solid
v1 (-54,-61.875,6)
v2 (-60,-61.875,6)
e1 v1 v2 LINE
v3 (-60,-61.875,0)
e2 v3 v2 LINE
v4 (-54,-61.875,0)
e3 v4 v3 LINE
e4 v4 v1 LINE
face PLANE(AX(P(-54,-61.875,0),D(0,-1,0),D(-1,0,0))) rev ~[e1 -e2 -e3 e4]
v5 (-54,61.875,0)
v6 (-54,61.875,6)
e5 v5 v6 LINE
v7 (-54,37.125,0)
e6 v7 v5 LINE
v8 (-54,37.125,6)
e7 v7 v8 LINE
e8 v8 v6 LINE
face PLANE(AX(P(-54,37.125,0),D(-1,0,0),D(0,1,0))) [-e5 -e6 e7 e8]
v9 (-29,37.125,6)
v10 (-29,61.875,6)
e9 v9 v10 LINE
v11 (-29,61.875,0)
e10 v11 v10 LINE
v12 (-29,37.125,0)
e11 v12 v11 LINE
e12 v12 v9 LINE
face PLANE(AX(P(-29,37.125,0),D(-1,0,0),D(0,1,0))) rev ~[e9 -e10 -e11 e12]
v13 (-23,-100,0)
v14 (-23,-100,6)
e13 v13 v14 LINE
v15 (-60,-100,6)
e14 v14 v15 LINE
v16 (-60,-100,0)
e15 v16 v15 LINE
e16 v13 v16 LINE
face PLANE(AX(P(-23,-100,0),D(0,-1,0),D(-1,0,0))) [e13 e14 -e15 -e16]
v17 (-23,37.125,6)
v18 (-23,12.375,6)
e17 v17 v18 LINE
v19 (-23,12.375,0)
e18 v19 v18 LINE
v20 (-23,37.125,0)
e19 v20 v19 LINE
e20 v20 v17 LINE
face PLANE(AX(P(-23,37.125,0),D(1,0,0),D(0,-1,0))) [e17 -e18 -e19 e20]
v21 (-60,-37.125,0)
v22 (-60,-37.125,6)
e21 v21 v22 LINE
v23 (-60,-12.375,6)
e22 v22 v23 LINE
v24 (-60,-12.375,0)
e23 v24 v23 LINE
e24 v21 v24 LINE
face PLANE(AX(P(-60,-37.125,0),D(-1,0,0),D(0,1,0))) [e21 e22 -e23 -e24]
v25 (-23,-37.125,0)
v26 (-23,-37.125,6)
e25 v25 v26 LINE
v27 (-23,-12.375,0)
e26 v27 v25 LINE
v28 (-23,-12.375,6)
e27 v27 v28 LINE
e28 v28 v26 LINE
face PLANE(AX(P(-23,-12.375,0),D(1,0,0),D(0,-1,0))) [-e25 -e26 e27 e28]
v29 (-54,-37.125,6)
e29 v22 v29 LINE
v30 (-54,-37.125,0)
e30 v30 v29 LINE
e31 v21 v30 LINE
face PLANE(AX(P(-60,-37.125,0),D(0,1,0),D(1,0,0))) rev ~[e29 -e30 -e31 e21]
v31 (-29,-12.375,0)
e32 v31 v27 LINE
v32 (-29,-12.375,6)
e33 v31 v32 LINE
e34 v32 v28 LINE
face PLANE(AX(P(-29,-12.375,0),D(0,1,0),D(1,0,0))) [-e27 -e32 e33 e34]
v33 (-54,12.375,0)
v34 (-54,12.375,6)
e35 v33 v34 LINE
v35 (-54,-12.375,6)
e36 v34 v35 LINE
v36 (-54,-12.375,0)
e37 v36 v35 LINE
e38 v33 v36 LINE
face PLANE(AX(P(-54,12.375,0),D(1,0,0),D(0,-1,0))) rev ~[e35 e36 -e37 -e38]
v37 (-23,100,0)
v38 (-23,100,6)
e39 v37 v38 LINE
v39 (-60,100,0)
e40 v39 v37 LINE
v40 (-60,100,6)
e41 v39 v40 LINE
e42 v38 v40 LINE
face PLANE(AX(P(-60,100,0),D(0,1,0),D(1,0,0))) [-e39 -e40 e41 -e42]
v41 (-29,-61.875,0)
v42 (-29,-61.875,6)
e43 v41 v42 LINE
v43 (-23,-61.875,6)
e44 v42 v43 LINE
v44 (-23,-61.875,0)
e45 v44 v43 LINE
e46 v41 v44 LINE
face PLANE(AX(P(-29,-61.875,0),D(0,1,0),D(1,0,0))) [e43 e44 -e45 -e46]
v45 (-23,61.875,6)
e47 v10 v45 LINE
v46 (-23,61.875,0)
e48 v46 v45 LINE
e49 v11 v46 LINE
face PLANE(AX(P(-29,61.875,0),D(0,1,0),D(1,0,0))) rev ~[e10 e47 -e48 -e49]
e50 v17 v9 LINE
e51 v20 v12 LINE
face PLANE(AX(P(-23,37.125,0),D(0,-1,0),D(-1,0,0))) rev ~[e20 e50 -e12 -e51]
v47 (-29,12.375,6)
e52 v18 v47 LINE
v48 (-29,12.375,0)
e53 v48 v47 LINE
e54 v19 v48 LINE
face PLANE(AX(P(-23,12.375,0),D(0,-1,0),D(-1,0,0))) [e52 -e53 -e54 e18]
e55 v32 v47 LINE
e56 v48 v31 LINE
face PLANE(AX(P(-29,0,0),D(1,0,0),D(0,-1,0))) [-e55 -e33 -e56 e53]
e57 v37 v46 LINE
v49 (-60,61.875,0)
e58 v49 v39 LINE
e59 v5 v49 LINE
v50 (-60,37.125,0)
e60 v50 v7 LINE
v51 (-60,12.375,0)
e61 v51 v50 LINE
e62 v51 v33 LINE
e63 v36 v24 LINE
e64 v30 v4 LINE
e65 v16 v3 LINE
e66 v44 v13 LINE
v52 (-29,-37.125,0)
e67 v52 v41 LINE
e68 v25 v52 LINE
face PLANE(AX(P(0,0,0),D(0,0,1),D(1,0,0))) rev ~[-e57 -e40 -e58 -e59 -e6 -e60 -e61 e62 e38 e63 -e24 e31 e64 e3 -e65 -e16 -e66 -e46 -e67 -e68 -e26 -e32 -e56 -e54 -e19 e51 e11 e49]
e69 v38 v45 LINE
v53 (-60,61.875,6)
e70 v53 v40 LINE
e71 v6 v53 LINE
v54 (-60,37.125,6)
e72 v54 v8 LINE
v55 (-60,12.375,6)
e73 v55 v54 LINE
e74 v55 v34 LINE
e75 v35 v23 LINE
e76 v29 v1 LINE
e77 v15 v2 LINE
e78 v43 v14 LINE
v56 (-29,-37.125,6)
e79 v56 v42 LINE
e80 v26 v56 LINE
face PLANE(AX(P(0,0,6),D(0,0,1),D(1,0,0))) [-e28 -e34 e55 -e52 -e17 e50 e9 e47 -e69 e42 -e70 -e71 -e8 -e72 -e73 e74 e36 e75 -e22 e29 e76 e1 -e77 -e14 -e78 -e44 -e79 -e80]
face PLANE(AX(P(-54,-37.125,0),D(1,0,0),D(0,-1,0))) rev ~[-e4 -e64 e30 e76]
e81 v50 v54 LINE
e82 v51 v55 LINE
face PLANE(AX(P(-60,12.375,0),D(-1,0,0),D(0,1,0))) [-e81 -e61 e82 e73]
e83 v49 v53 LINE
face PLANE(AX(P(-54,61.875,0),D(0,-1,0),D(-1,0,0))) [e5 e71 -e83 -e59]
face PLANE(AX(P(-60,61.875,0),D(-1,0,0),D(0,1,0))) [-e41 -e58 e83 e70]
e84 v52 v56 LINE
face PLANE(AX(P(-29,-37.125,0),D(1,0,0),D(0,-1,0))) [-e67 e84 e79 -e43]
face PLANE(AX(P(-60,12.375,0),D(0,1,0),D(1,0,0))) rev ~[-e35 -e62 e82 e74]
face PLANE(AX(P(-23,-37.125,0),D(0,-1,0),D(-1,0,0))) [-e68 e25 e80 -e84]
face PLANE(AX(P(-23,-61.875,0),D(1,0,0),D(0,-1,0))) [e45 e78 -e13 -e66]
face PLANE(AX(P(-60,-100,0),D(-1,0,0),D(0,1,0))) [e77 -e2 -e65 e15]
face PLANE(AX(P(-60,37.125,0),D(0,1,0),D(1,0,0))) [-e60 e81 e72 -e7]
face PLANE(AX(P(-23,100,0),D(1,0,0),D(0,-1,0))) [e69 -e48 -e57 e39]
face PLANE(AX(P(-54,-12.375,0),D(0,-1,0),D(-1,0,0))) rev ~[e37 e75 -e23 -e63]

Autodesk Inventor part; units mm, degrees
ref_plane "YZ Plane" through (0, 0, 0) normal (1, 0, 0) x (0, 1, 0)
ref_plane "XZ Plane" through (0, 0, 0) normal (0, 1, 0) x (-1, 0, 0)
ref_plane "XY Plane" through (0, 0, 0) normal (0, 0, 1) x (1, 0, 0)
sketch "Sketch1" plane through (0, 0, 0) normal (0, 0, 1) x (1, 0, 0)
  line L0 (-23, -100) -> (-60, -100)
  line L1 (-60, -100) -> (-60, 100)
  line L2 (-60, 100) -> (-23, 100)
  line L3 (-23, 100) -> (-23, -100)
  line L4 (-23, -100) -> (-60, 100) construction
  line L5 (-60, -100) -> (-23, 100) construction
  line L6 (-23, 0) -> (-23, 12.375)
  line L7 (-23, 12.375) -> (-29, 12.375)
  line L8 (-29, 12.375) -> (-29, -12.375)
  line L9 (-29, -12.375) -> (-23, -12.375)
  line L10 (-23, 12.375) -> (-23, 37.125)
  line L11 (-23, 37.125) -> (-29, 37.125)
  line L12 (-29, 37.125) -> (-29, 61.875)
  line L13 (-29, 61.875) -> (-23, 61.875)
  line L14 (-23, -12.375) -> (-23, -37.125)
  line L15 (-23, -37.125) -> (-29, -37.125)
  line L16 (-29, -37.125) -> (-29, -61.875)
  line L17 (-29, -61.875) -> (-23, -61.875)
  line L18 (-41.5, 0) -> (-41.5, 100)
  line L19 (-41.5, 0) -> (-25.6792, 0)
  line L20 (-60, 12.375) -> (-54, 12.375)
  line L21 (-54, 12.375) -> (-54, -12.375)
  line L22 (-54, -12.375) -> (-60, -12.375)
  line L23 (-60, 37.125) -> (-54, 37.125)
  line L24 (-54, 37.125) -> (-54, 61.875)
  line L25 (-54, 61.875) -> (-60, 61.875)
  line L26 (-60, -37.125) -> (-54, -37.125)
  line L27 (-54, -37.125) -> (-54, -61.875)
  line L28 (-54, -61.875) -> (-60, -61.875)
  dimension "d18" = 37
  dimension "d19" = 200
  dimension "d20" = 12.375
  dimension "d21" = 6
  dimension "d22" = 24.75
  dimension "d23" = 24.75
  dimension "d24" = 6
  dimension "d25" = 24.75
  dimension "d26" = 24.75
  dimension "d27" = 6
  dimension "d28" = 24.75
extrude "Extrusion1" add sketch "Sketch1" along normal blind 6 contours L0 L1 L28 L27 L26 L22 L21 L20 L23 L24 L25 L2 L18 L19 L8 L9 L3 L15 L16 L17 | L7 L8 L19 L18 L2 L3 L13 L12 L11
properties part number "Frontandback_2"
